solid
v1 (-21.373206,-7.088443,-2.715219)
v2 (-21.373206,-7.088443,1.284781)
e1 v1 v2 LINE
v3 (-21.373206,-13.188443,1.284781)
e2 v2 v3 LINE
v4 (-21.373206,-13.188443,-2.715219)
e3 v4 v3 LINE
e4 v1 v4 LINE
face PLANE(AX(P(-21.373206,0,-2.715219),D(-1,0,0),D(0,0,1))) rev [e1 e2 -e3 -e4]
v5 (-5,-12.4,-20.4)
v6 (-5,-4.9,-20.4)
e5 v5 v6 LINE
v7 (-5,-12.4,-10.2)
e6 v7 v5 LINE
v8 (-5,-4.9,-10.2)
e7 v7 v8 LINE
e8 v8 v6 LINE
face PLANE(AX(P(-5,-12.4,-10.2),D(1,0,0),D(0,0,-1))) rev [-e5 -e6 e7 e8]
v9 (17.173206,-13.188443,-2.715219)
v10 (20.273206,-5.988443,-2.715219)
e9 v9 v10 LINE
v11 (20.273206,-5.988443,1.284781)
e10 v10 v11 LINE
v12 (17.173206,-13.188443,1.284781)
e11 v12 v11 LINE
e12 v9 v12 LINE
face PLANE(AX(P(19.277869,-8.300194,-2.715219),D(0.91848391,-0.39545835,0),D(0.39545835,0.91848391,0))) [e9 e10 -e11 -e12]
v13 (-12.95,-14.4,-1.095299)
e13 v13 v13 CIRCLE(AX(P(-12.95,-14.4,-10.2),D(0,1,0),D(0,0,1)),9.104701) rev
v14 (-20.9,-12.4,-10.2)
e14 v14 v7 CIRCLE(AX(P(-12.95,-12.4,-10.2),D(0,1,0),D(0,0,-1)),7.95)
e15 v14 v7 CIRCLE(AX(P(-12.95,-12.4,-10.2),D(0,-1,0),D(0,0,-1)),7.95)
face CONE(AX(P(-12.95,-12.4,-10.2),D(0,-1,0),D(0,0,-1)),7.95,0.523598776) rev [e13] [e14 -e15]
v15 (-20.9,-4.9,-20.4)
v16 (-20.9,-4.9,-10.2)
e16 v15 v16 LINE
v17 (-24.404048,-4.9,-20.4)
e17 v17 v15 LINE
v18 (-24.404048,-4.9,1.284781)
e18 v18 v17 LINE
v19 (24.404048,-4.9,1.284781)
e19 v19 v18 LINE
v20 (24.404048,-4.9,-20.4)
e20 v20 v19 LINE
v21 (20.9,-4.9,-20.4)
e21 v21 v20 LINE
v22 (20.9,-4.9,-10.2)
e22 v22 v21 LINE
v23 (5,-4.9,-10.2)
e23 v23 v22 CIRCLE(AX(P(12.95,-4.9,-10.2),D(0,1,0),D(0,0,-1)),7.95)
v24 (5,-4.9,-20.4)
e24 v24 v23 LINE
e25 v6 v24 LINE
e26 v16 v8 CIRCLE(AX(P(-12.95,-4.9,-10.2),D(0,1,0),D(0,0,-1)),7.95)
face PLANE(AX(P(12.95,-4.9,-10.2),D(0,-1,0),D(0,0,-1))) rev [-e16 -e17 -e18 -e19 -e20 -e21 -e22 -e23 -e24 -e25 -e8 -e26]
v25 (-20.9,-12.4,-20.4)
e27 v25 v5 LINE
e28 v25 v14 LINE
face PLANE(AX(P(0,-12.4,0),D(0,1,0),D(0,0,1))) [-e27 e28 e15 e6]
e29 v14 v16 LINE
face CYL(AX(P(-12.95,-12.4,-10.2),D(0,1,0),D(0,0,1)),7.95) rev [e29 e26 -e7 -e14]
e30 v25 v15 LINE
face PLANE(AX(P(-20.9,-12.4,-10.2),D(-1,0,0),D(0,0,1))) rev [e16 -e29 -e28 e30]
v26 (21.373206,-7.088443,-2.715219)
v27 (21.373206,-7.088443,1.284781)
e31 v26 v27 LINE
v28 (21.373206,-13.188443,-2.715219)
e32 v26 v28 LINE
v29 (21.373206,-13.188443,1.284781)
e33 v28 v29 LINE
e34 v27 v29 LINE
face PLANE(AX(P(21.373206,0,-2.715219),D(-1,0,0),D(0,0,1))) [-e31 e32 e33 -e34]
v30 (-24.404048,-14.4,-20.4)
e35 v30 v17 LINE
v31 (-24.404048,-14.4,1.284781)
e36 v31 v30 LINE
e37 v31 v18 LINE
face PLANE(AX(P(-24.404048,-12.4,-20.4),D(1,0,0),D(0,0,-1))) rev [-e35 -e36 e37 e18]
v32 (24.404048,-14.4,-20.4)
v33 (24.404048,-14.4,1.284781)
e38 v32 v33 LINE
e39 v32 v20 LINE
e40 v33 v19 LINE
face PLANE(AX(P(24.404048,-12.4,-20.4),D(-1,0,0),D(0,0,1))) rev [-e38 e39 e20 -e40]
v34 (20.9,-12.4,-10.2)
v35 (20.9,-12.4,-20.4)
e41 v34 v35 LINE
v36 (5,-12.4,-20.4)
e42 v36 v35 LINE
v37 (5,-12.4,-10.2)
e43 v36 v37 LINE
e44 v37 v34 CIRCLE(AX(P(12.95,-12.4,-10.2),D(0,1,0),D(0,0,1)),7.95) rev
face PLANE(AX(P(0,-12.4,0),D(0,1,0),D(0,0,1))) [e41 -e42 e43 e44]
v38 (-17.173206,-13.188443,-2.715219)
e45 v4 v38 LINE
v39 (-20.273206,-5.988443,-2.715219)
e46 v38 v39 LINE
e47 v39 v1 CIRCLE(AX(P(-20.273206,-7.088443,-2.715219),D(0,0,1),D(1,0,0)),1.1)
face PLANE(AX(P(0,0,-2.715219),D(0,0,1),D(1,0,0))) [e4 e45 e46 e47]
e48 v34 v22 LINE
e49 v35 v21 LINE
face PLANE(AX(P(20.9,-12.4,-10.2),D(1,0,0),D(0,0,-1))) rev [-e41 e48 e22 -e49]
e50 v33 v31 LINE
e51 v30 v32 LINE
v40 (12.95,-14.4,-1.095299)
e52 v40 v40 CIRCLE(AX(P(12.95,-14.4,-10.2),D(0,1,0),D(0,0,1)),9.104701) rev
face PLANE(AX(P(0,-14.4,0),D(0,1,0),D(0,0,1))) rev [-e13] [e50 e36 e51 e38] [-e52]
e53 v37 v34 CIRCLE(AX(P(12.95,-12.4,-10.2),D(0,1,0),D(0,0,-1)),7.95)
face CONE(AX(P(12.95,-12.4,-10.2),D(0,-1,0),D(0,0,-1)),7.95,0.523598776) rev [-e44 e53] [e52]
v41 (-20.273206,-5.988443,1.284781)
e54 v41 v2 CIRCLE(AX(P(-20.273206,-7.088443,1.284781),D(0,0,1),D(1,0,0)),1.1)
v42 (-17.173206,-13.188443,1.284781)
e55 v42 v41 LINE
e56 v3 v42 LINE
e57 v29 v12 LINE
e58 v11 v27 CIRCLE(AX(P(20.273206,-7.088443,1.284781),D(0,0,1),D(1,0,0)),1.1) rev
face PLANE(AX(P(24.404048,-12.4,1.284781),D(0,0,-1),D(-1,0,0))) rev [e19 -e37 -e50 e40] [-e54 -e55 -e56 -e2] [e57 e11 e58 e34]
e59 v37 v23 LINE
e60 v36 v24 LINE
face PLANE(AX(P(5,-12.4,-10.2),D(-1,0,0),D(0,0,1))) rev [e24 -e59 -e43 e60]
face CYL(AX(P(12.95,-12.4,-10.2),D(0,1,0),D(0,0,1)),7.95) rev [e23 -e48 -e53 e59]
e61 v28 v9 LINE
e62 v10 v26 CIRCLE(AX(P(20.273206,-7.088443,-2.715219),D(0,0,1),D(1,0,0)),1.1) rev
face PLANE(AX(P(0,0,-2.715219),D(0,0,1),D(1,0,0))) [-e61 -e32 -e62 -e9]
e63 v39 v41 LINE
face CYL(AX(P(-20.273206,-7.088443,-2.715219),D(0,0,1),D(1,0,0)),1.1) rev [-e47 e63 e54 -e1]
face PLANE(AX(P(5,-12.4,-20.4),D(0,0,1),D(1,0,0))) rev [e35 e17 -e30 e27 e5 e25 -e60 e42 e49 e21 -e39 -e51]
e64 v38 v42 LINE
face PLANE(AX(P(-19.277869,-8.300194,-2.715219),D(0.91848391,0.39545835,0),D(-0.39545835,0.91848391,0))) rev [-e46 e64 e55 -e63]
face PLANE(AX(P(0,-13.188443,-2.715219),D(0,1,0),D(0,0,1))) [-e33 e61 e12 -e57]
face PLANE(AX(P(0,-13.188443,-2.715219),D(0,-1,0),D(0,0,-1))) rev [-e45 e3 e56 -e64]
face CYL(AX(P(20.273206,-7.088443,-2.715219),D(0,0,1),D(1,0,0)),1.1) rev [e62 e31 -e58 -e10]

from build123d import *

# Parameters (mm, degrees)
SALIENTE_EXTRUIR1_DEPTH = 7.5
CROQUIS3_W              = 48.808095268
CROQUIS3_H              = 21.684781413
SALIENTE_EXTRUIR2_DEPTH = 2
CROQUIS4_R              = 7.95
CORTAR_EXTRUIR1_DEPTH   = 3
CORTAR_EXTRUIR1_TAPER   = -30
CORTAR_EXTRUIR2_DEPTH   = 4


with BuildPart() as part:
    # Croquis2 → Saliente-Extruir1 (new body)
    with BuildSketch(Plane(origin=(0, -4.9, 0), x_dir=(-1, 0, 0), z_dir=(0, -1, 0))):
        with BuildLine():
            Line((-5, 20.4), (5, 20.4))
            Line((5, 20.4), (5, 10.2))
            ThreePointArc((5, 10.2), (12.95, 2.25), (20.9, 10.2))
            Line((20.9, 10.2), (20.9, 20.4))
            Line((20.9, 20.4), (24.404047634, 20.4))
            Line((24.404047634, 20.4), (24.404047634, -1.284781413))
            Line((24.404047634, -1.284781413), (-24.404047634, -1.284781413))
            Line((-24.404047634, -1.284781413), (-24.404047634, 20.4))
            Line((-24.404047634, 20.4), (-20.9, 20.4))
            Line((-20.9, 20.4), (-20.9, 10.2))
            ThreePointArc((-20.9, 10.2), (-12.95, 2.25), (-5, 10.2))
            Line((-5, 10.2), (-5, 20.4))
        make_face()
    extrude(amount=SALIENTE_EXTRUIR1_DEPTH)

    # Croquis3 → Saliente-Extruir2 (add)
    with BuildSketch(Plane.XZ.offset(12.4)):
        with Locations((0, -9.557609294)):
            Rectangle(CROQUIS3_W, CROQUIS3_H)
    extrude(amount=SALIENTE_EXTRUIR2_DEPTH)

    # Croquis4 → Cortar-Extruir1 (cut)
    with BuildSketch(Plane.XZ.offset(12.4)):
        with Locations((-12.95, -10.2)):
            Circle(CROQUIS4_R)
        with Locations((12.95, -10.2)):
            Circle(CROQUIS4_R)
    extrude(amount=CORTAR_EXTRUIR1_DEPTH, taper=CORTAR_EXTRUIR1_TAPER, mode=Mode.SUBTRACT)

    # Croquis7 → Cortar-Extruir2 (cut)
    with BuildSketch(Plane.XY.offset(1.284781413)):
        with BuildLine():
            Line((-21.373206473, -7.088443063), (-21.373206473, -13.188443063))
            Line((-21.373206473, -13.188443063), (-17.173206473, -13.188443063))
            Line((-17.173206473, -13.188443063), (-20.273206473, -5.988443063))
            ThreePointArc((-20.273206473, -5.988443063), (-21.051023932, -6.310625604), (-21.373206473, -7.088443063))
        make_face()
        with BuildLine():
            Line((21.373206473, -13.188443063), (17.173206473, -13.188443063))
            Line((17.173206473, -13.188443063), (20.273206473, -5.988443063))
            ThreePointArc((20.273206473, -5.988443063), (21.051023932, -6.310625604), (21.373206473, -7.088443063))
            Line((21.373206473, -7.088443063), (21.373206473, -13.188443063))
        make_face()
    extrude(amount=-CORTAR_EXTRUIR2_DEPTH, mode=Mode.SUBTRACT)


solid = part.part
